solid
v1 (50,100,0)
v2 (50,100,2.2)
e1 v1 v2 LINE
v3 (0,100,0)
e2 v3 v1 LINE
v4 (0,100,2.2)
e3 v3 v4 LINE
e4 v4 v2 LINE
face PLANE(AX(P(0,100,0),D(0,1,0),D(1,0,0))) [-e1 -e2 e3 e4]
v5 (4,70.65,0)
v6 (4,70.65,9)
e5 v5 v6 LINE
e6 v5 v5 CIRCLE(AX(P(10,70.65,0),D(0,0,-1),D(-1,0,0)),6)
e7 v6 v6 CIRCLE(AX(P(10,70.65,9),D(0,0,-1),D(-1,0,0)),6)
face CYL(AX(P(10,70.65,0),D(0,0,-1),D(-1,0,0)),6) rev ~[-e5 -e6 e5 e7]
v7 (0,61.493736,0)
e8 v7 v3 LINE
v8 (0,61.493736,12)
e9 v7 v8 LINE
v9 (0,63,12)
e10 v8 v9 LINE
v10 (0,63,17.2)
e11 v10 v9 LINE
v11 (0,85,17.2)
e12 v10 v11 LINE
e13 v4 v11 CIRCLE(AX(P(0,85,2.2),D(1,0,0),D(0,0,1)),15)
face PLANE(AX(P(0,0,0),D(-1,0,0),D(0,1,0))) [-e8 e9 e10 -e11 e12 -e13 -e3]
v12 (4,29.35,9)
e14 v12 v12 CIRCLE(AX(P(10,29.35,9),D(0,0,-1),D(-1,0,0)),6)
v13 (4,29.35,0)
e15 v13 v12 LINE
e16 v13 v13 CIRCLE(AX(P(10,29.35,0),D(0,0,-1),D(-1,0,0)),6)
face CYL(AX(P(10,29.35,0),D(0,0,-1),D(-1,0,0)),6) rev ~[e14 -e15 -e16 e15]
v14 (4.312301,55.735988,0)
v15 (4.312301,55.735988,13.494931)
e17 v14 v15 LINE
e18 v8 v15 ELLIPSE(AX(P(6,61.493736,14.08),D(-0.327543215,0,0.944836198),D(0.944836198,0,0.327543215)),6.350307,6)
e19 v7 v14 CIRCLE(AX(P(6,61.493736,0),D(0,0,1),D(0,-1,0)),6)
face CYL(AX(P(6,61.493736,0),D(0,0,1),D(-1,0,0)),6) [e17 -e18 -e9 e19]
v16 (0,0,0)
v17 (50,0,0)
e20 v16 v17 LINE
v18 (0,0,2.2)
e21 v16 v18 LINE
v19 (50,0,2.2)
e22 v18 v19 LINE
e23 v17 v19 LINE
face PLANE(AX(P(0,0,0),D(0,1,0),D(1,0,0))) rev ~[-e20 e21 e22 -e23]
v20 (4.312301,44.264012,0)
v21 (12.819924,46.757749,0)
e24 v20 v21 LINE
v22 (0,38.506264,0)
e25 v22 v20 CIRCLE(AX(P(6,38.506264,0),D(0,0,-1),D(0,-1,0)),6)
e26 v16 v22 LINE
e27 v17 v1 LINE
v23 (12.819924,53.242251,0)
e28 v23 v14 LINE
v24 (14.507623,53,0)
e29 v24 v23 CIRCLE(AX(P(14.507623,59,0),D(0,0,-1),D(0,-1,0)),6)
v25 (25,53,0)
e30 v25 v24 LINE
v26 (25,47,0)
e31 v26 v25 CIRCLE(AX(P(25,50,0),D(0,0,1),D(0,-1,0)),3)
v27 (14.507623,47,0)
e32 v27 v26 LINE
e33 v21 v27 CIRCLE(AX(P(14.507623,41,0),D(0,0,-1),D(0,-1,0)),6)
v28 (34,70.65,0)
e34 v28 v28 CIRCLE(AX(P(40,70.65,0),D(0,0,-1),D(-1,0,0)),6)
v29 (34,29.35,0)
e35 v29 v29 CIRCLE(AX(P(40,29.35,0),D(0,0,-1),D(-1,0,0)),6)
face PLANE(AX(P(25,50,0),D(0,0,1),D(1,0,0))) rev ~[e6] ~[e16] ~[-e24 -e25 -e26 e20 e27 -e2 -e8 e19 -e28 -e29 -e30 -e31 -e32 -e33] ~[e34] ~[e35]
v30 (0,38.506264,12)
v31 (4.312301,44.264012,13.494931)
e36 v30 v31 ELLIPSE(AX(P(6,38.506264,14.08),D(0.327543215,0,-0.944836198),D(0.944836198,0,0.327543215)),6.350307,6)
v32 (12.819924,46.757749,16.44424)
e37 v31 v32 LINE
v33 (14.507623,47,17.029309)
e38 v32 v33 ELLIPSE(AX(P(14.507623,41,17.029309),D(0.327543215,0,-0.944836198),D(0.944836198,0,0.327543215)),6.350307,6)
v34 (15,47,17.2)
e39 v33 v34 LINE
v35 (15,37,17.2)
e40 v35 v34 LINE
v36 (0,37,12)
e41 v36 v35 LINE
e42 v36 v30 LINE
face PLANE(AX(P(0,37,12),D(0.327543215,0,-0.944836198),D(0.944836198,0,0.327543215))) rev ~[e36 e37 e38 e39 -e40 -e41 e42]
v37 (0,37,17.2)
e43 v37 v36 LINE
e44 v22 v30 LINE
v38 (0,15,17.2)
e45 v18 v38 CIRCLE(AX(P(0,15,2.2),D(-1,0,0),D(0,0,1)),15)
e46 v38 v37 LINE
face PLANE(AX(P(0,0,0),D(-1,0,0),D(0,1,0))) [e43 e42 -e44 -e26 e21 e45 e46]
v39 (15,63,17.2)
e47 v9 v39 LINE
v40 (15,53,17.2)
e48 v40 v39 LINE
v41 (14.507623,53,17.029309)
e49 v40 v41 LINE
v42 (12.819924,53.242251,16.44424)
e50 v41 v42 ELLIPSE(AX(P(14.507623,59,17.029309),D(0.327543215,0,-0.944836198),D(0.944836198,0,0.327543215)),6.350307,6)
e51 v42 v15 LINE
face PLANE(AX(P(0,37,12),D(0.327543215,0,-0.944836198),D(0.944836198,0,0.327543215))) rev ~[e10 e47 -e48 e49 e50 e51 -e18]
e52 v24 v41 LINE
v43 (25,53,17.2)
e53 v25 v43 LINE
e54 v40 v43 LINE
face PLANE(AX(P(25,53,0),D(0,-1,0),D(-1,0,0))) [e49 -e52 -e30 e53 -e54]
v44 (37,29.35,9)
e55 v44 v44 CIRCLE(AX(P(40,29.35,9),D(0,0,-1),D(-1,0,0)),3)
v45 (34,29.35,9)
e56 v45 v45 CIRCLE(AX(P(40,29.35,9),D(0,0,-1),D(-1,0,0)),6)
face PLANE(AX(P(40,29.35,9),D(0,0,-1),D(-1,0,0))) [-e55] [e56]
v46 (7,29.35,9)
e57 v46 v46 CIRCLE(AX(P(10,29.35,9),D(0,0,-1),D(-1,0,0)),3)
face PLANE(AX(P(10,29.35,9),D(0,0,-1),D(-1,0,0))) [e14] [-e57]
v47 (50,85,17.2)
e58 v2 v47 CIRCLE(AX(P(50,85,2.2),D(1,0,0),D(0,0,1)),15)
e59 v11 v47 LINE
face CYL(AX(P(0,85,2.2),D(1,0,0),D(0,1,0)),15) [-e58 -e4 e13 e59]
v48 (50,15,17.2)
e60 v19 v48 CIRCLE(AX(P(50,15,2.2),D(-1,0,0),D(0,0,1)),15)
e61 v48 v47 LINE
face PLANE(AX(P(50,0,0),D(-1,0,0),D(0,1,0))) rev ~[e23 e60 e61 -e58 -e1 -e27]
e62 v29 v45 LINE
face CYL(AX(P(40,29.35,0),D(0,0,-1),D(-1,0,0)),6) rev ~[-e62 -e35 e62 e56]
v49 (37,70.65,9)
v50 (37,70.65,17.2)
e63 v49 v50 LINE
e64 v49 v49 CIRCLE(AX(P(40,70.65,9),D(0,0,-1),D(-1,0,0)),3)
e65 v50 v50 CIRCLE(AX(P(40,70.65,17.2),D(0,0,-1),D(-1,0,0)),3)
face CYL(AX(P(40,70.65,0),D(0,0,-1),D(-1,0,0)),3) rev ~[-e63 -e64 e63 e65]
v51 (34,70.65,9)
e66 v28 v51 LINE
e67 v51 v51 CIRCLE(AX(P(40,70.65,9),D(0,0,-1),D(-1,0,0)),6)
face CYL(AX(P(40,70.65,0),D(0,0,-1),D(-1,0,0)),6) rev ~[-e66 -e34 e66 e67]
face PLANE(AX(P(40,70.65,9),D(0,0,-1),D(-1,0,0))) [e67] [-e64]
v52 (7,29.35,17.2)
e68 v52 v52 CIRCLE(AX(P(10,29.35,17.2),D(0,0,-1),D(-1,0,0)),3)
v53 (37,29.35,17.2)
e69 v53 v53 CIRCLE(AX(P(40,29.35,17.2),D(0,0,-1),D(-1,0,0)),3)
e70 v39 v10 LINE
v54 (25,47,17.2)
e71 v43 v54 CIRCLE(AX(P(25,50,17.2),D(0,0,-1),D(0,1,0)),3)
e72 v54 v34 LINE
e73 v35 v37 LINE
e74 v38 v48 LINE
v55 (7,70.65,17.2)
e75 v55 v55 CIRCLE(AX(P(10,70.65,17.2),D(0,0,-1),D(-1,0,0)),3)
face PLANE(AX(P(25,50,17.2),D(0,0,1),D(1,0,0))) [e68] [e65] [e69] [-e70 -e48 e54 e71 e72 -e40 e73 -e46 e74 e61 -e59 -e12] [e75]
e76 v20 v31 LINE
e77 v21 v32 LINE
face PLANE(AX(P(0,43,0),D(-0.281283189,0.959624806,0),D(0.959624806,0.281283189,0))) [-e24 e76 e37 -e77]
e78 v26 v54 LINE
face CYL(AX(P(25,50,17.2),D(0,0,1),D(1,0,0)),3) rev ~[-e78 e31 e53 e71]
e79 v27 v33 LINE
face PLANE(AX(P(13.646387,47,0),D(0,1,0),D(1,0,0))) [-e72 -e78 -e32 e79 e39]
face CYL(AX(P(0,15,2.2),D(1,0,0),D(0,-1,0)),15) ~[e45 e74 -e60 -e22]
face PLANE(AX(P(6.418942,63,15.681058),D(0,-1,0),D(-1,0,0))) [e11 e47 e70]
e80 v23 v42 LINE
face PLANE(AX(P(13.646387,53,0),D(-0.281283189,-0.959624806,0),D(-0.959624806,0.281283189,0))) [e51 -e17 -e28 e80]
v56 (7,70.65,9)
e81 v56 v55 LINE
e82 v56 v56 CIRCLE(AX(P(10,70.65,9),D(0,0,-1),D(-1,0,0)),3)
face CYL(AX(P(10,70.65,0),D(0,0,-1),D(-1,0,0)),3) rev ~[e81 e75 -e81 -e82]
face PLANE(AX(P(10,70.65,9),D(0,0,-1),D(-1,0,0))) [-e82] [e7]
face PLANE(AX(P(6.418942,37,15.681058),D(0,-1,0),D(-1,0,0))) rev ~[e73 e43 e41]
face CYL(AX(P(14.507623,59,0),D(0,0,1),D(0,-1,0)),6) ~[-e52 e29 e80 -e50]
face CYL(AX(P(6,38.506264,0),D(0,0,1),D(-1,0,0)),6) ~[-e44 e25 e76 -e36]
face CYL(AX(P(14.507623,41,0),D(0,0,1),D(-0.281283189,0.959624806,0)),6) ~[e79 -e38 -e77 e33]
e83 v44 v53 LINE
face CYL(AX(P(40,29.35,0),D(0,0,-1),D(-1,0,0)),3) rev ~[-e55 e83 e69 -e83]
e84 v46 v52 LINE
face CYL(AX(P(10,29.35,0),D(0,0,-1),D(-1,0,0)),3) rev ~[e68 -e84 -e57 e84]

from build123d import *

# Parameters (mm, degrees)
SKETCH_1_W          = 50
SKETCH_1_H          = 100
EXTRUDE_1_DEPTH     = 17.2
FILLET_1_R          = 15
CUT_EXTRUDE_3_DEPTH = 26
SKETCH_6_R          = 3
CUT_EXTRUDE_4_DEPTH = 114.11869872
CUT_EXTRUDE_5_DEPTH = 114.11869872
FILLET_2_R          = 6
FILLET_3_R          = 6
SKETCH_9_R          = 3
CUT_EXTRUDE_6_DEPTH = 114.11869872
SKETCH_10_R         = 6
CUT_EXTRUDE_7_DEPTH = 9


with BuildPart() as part:
    # Эскиз1 → Бобышка-Вытянуть1 (new body)
    with BuildSketch(Plane.XY):
        with Locations((25, 50)):
            Rectangle(SKETCH_1_W, SKETCH_1_H)
    extrude(amount=EXTRUDE_1_DEPTH)

    # Скругление1
    fillet_1_edges = [part.edges().sort_by_distance(p)[0] for p in [
        (25, 100, 17.2),
        (25, 0, 17.2),
    ]]
    fillet(fillet_1_edges, radius=FILLET_1_R)

    # Эскиз5 → Вырез-Вытянуть3 (cut)
    with BuildSketch(Plane(origin=(0, 37, 0), x_dir=(1, 0, 0), z_dir=(0, 1, 0))):
        Polygon((0, -17.2), (0, -12), (15, -17.2), align=None)
    extrude(amount=CUT_EXTRUDE_3_DEPTH, mode=Mode.SUBTRACT)

    # Эскиз6 → Вырез-Вытянуть4 (cut, through all)
    with BuildSketch(Plane.XY.offset(17.2)):
        with Locations((25, 50)):
            Circle(SKETCH_6_R)
    extrude(amount=-CUT_EXTRUDE_4_DEPTH, mode=Mode.SUBTRACT)

    # Эскиз7 → Вырез-Вытянуть5 (cut, through all)
    with BuildSketch(Plane(origin=(0, 0, 0), x_dir=(-1, 0, 0), z_dir=(0, 0, -1))):
        Polygon((0, 57), (0, 43), (-13.646386899, 47), (-25, 47), (-25, 53), (-13.646386899, 53), align=None)
    extrude(amount=-CUT_EXTRUDE_5_DEPTH, mode=Mode.SUBTRACT)

    # Скругление2
    fillet_2_edges = [part.edges().sort_by_distance(p)[0] for p in [
        (0, 57, 6),
        (0, 43, 6),
    ]]
    fillet(fillet_2_edges, radius=FILLET_2_R)

    # Скругление3
    fillet_3_edges = [part.edges().sort_by_distance(p)[0] for p in [
        (13.646386899, 53, 8.365373729),
        (13.646386899, 47, 8.365373729),
    ]]
    fillet(fillet_3_edges, radius=FILLET_3_R)

    # Эскиз9 → Вырез-Вытянуть6 (cut, through all)
    with BuildSketch(Plane(origin=(0, 0, 0), x_dir=(-1, 0, 0), z_dir=(0, 0, -1))):
        with Locations((-40, 29.35)):
            Circle(SKETCH_9_R)
        with Locations((-10, 29.35)):
            Circle(SKETCH_9_R)
        with Locations((-10, 70.65)):
            Circle(SKETCH_9_R)
        with Locations((-40, 70.65)):
            Circle(SKETCH_9_R)
    extrude(amount=-CUT_EXTRUDE_6_DEPTH, mode=Mode.SUBTRACT)

    # Эскиз10 → Вырез-Вытянуть7 (cut)
    with BuildSketch(Plane(origin=(0, 0, 0), x_dir=(-1, 0, 0), z_dir=(0, 0, -1))):
        with Locations((-40, 29.35)):
            Circle(SKETCH_10_R)
        with Locations((-10, 29.35)):
            Circle(SKETCH_10_R)
        with Locations((-10, 70.65)):
            Circle(SKETCH_10_R)
        with Locations((-40, 70.65)):
            Circle(SKETCH_10_R)
    extrude(amount=-CUT_EXTRUDE_7_DEPTH, mode=Mode.SUBTRACT)


solid = part.part
